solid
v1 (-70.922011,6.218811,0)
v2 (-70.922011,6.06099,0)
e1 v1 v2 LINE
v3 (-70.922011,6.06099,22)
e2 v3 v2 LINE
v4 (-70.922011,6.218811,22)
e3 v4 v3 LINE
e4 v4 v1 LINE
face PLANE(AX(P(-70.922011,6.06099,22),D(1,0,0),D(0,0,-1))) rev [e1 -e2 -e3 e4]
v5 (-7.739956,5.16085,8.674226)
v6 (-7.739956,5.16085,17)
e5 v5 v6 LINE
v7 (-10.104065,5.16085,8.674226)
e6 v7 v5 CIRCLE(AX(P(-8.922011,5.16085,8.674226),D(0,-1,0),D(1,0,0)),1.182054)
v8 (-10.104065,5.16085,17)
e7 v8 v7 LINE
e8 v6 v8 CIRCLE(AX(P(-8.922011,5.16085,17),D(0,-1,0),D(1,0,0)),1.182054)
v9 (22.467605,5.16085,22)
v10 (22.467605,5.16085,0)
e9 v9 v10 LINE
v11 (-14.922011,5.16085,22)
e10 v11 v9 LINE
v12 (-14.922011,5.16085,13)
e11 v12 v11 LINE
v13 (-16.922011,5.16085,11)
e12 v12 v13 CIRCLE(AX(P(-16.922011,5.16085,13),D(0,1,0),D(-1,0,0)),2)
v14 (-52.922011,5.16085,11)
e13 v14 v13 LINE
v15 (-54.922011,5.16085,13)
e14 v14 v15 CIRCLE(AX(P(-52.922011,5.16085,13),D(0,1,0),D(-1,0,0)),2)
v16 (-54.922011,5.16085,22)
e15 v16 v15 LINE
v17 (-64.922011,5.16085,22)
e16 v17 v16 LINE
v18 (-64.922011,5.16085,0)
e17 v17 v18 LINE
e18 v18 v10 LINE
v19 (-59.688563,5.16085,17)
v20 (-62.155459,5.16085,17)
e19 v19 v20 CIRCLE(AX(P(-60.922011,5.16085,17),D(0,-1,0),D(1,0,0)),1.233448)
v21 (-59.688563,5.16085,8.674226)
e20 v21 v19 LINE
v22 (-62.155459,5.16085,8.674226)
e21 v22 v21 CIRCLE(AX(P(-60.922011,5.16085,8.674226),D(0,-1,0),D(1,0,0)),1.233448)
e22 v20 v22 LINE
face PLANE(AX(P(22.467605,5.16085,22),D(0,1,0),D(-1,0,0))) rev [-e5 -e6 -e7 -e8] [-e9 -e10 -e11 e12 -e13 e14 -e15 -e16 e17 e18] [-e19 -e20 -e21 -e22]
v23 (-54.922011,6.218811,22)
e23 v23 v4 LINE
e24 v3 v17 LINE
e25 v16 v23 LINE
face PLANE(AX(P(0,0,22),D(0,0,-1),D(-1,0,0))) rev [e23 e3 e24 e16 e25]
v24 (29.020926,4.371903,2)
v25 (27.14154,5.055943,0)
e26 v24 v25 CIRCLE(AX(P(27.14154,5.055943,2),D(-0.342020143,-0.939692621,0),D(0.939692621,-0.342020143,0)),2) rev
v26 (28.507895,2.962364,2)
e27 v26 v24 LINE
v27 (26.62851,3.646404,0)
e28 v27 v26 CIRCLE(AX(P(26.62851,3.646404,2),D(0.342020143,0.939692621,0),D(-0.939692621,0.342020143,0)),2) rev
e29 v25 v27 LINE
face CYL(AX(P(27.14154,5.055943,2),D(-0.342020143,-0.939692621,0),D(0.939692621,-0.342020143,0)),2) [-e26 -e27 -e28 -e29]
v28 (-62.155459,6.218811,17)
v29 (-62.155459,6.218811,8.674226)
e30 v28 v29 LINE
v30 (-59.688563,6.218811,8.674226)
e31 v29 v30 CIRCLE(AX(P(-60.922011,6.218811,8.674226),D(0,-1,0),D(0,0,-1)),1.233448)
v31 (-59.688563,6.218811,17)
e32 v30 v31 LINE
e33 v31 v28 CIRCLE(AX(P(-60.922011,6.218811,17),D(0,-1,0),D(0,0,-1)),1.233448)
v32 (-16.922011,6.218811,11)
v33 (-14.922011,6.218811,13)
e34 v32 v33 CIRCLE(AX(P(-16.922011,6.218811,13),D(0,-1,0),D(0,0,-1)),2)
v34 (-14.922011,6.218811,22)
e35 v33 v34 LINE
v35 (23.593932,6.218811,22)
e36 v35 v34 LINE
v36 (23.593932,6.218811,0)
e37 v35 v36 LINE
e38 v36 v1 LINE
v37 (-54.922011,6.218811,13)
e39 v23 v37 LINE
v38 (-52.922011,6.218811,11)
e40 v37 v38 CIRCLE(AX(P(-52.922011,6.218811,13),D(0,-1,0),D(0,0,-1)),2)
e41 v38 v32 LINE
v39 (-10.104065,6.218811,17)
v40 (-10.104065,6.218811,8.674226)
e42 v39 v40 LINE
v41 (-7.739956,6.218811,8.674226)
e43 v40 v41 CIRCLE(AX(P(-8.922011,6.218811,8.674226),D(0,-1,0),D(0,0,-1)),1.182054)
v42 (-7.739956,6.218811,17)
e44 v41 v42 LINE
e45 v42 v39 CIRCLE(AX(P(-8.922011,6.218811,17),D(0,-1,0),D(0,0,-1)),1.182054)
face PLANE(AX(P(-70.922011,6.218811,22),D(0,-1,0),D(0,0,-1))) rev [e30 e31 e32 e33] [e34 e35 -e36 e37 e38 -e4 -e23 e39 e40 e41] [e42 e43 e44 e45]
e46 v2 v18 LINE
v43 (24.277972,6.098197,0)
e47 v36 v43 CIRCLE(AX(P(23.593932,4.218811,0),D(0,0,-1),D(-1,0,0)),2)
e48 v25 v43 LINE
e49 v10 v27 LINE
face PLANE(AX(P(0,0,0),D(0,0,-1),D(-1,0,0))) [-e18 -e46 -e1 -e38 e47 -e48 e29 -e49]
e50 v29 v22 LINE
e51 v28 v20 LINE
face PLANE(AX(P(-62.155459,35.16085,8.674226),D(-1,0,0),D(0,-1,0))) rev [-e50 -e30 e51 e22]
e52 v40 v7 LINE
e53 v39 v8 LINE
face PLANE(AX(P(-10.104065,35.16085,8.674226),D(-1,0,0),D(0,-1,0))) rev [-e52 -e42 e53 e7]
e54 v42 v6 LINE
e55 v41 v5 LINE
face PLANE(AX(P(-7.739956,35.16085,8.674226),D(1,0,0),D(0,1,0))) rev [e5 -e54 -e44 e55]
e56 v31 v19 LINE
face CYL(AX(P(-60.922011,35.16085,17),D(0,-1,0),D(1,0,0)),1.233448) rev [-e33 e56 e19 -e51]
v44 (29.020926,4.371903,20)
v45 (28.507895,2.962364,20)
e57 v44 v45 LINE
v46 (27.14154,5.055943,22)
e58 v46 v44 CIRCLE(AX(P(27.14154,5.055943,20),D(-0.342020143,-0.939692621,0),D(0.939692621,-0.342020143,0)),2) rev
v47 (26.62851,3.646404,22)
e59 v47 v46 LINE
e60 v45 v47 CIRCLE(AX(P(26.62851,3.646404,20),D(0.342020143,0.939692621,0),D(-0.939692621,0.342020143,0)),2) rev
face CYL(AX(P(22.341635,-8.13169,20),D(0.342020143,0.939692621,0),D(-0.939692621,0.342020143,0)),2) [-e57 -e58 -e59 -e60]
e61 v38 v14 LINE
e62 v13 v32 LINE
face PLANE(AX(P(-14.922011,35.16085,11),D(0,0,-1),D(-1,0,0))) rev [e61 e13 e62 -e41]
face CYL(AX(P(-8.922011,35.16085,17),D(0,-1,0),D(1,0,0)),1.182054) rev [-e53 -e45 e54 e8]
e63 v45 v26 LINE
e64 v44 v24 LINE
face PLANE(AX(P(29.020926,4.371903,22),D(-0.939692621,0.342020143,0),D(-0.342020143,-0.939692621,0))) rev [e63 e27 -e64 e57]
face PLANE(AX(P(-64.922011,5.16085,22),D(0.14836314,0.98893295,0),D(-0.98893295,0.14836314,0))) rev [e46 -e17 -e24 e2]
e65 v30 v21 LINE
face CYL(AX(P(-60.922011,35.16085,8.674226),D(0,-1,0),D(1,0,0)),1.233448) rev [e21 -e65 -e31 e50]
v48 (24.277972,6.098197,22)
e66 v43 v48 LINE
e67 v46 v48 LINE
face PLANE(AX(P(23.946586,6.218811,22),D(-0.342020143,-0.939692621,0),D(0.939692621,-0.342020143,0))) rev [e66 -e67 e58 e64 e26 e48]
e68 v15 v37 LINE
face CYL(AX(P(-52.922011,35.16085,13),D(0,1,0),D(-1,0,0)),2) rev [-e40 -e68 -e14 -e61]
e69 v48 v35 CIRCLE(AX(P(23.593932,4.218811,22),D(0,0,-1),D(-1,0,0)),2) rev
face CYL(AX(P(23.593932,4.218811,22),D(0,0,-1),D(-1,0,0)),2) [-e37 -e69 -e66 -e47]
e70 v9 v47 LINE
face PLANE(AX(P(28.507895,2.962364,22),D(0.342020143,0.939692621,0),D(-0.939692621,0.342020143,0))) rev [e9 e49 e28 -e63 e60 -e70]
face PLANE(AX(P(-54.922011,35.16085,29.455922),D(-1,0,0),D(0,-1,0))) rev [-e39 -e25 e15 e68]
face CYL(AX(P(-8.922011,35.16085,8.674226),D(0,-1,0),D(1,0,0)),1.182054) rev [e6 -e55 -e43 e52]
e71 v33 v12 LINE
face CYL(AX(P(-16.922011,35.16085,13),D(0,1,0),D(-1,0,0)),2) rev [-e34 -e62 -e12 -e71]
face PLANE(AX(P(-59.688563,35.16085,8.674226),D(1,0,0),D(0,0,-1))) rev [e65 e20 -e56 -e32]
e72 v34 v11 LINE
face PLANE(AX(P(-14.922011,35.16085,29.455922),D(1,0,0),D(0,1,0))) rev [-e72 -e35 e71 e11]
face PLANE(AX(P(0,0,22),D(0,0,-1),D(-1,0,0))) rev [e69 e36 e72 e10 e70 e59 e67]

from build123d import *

# Parameters (mm, degrees)
BOSS_EXTRUDE1_DEPTH = 22
FILLET10_R          = 2
FILLET11_R          = 2
SKETCH4_W           = 40
SKETCH4_H           = 18.455921649
CUT_EXTRUDE1_DEPTH  = 30
FILLET12_R          = 2


with BuildPart() as part:
    # Sketch2 → Boss-Extrude1 (new body)
    with BuildSketch(Plane.XY):
        Polygon((-70.922010647, 6.21881141), (23.946585559, 6.21881141), (29.020925711, 4.371902636), (28.507895496, 2.962363705), (22.467605346, 5.160849526), (-64.922010647, 5.160849526), (-70.922010647, 6.060990271), align=None)
    extrude(amount=BOSS_EXTRUDE1_DEPTH)

    # Fillet10
    fillet10_edges = [part.edges().sort_by_distance(p)[0] for p in [
        (28.764410604, 3.667133171, 22),
        (28.764410604, 3.667133171, 0),
    ]]
    fillet(fillet10_edges, radius=FILLET10_R)

    # Fillet11
    fillet11_edges = [part.edges().sort_by_distance(p)[0] for p in [
        (23.946585559, 6.21881141, 11),
    ]]
    fillet(fillet11_edges, radius=FILLET11_R)

    # Sketch4 → Cut-Extrude1 (cut)
    with BuildSketch(Plane.XZ.offset(-5.160849526)):
        with Locations((-34.922010647, 20.227960825)):
            Rectangle(SKETCH4_W, SKETCH4_H)
        with BuildLine():
            Line((-59.68856271, 8.67422642), (-59.68856271, 17))
            ThreePointArc((-59.68856271, 17), (-60.922010647, 18.233447938), (-62.155458585, 17))
            Line((-62.155458585, 17), (-62.155458585, 8.67422642))
            ThreePointArc((-62.155458585, 8.67422642), (-60.922010647, 7.440778483), (-59.68856271, 8.67422642))
        make_face()
        with BuildLine():
            Line((-7.739956374, 8.67422642), (-7.739956374, 17))
            ThreePointArc((-7.739956374, 17), (-8.922010647, 18.182054274), (-10.104064921, 17))
            Line((-10.104064921, 17), (-10.104064921, 8.67422642))
            ThreePointArc((-10.104064921, 8.67422642), (-8.922010647, 7.492172147), (-7.739956374, 8.67422642))
        make_face()
    extrude(amount=-CUT_EXTRUDE1_DEPTH, mode=Mode.SUBTRACT)

    # Fillet12
    fillet12_edges = [part.edges().sort_by_distance(p)[0] for p in [
        (-14.922010647, 5.689830468, 11),
        (-54.922010647, 5.689830468, 11),
    ]]
    fillet(fillet12_edges, radius=FILLET12_R)


solid = part.part
